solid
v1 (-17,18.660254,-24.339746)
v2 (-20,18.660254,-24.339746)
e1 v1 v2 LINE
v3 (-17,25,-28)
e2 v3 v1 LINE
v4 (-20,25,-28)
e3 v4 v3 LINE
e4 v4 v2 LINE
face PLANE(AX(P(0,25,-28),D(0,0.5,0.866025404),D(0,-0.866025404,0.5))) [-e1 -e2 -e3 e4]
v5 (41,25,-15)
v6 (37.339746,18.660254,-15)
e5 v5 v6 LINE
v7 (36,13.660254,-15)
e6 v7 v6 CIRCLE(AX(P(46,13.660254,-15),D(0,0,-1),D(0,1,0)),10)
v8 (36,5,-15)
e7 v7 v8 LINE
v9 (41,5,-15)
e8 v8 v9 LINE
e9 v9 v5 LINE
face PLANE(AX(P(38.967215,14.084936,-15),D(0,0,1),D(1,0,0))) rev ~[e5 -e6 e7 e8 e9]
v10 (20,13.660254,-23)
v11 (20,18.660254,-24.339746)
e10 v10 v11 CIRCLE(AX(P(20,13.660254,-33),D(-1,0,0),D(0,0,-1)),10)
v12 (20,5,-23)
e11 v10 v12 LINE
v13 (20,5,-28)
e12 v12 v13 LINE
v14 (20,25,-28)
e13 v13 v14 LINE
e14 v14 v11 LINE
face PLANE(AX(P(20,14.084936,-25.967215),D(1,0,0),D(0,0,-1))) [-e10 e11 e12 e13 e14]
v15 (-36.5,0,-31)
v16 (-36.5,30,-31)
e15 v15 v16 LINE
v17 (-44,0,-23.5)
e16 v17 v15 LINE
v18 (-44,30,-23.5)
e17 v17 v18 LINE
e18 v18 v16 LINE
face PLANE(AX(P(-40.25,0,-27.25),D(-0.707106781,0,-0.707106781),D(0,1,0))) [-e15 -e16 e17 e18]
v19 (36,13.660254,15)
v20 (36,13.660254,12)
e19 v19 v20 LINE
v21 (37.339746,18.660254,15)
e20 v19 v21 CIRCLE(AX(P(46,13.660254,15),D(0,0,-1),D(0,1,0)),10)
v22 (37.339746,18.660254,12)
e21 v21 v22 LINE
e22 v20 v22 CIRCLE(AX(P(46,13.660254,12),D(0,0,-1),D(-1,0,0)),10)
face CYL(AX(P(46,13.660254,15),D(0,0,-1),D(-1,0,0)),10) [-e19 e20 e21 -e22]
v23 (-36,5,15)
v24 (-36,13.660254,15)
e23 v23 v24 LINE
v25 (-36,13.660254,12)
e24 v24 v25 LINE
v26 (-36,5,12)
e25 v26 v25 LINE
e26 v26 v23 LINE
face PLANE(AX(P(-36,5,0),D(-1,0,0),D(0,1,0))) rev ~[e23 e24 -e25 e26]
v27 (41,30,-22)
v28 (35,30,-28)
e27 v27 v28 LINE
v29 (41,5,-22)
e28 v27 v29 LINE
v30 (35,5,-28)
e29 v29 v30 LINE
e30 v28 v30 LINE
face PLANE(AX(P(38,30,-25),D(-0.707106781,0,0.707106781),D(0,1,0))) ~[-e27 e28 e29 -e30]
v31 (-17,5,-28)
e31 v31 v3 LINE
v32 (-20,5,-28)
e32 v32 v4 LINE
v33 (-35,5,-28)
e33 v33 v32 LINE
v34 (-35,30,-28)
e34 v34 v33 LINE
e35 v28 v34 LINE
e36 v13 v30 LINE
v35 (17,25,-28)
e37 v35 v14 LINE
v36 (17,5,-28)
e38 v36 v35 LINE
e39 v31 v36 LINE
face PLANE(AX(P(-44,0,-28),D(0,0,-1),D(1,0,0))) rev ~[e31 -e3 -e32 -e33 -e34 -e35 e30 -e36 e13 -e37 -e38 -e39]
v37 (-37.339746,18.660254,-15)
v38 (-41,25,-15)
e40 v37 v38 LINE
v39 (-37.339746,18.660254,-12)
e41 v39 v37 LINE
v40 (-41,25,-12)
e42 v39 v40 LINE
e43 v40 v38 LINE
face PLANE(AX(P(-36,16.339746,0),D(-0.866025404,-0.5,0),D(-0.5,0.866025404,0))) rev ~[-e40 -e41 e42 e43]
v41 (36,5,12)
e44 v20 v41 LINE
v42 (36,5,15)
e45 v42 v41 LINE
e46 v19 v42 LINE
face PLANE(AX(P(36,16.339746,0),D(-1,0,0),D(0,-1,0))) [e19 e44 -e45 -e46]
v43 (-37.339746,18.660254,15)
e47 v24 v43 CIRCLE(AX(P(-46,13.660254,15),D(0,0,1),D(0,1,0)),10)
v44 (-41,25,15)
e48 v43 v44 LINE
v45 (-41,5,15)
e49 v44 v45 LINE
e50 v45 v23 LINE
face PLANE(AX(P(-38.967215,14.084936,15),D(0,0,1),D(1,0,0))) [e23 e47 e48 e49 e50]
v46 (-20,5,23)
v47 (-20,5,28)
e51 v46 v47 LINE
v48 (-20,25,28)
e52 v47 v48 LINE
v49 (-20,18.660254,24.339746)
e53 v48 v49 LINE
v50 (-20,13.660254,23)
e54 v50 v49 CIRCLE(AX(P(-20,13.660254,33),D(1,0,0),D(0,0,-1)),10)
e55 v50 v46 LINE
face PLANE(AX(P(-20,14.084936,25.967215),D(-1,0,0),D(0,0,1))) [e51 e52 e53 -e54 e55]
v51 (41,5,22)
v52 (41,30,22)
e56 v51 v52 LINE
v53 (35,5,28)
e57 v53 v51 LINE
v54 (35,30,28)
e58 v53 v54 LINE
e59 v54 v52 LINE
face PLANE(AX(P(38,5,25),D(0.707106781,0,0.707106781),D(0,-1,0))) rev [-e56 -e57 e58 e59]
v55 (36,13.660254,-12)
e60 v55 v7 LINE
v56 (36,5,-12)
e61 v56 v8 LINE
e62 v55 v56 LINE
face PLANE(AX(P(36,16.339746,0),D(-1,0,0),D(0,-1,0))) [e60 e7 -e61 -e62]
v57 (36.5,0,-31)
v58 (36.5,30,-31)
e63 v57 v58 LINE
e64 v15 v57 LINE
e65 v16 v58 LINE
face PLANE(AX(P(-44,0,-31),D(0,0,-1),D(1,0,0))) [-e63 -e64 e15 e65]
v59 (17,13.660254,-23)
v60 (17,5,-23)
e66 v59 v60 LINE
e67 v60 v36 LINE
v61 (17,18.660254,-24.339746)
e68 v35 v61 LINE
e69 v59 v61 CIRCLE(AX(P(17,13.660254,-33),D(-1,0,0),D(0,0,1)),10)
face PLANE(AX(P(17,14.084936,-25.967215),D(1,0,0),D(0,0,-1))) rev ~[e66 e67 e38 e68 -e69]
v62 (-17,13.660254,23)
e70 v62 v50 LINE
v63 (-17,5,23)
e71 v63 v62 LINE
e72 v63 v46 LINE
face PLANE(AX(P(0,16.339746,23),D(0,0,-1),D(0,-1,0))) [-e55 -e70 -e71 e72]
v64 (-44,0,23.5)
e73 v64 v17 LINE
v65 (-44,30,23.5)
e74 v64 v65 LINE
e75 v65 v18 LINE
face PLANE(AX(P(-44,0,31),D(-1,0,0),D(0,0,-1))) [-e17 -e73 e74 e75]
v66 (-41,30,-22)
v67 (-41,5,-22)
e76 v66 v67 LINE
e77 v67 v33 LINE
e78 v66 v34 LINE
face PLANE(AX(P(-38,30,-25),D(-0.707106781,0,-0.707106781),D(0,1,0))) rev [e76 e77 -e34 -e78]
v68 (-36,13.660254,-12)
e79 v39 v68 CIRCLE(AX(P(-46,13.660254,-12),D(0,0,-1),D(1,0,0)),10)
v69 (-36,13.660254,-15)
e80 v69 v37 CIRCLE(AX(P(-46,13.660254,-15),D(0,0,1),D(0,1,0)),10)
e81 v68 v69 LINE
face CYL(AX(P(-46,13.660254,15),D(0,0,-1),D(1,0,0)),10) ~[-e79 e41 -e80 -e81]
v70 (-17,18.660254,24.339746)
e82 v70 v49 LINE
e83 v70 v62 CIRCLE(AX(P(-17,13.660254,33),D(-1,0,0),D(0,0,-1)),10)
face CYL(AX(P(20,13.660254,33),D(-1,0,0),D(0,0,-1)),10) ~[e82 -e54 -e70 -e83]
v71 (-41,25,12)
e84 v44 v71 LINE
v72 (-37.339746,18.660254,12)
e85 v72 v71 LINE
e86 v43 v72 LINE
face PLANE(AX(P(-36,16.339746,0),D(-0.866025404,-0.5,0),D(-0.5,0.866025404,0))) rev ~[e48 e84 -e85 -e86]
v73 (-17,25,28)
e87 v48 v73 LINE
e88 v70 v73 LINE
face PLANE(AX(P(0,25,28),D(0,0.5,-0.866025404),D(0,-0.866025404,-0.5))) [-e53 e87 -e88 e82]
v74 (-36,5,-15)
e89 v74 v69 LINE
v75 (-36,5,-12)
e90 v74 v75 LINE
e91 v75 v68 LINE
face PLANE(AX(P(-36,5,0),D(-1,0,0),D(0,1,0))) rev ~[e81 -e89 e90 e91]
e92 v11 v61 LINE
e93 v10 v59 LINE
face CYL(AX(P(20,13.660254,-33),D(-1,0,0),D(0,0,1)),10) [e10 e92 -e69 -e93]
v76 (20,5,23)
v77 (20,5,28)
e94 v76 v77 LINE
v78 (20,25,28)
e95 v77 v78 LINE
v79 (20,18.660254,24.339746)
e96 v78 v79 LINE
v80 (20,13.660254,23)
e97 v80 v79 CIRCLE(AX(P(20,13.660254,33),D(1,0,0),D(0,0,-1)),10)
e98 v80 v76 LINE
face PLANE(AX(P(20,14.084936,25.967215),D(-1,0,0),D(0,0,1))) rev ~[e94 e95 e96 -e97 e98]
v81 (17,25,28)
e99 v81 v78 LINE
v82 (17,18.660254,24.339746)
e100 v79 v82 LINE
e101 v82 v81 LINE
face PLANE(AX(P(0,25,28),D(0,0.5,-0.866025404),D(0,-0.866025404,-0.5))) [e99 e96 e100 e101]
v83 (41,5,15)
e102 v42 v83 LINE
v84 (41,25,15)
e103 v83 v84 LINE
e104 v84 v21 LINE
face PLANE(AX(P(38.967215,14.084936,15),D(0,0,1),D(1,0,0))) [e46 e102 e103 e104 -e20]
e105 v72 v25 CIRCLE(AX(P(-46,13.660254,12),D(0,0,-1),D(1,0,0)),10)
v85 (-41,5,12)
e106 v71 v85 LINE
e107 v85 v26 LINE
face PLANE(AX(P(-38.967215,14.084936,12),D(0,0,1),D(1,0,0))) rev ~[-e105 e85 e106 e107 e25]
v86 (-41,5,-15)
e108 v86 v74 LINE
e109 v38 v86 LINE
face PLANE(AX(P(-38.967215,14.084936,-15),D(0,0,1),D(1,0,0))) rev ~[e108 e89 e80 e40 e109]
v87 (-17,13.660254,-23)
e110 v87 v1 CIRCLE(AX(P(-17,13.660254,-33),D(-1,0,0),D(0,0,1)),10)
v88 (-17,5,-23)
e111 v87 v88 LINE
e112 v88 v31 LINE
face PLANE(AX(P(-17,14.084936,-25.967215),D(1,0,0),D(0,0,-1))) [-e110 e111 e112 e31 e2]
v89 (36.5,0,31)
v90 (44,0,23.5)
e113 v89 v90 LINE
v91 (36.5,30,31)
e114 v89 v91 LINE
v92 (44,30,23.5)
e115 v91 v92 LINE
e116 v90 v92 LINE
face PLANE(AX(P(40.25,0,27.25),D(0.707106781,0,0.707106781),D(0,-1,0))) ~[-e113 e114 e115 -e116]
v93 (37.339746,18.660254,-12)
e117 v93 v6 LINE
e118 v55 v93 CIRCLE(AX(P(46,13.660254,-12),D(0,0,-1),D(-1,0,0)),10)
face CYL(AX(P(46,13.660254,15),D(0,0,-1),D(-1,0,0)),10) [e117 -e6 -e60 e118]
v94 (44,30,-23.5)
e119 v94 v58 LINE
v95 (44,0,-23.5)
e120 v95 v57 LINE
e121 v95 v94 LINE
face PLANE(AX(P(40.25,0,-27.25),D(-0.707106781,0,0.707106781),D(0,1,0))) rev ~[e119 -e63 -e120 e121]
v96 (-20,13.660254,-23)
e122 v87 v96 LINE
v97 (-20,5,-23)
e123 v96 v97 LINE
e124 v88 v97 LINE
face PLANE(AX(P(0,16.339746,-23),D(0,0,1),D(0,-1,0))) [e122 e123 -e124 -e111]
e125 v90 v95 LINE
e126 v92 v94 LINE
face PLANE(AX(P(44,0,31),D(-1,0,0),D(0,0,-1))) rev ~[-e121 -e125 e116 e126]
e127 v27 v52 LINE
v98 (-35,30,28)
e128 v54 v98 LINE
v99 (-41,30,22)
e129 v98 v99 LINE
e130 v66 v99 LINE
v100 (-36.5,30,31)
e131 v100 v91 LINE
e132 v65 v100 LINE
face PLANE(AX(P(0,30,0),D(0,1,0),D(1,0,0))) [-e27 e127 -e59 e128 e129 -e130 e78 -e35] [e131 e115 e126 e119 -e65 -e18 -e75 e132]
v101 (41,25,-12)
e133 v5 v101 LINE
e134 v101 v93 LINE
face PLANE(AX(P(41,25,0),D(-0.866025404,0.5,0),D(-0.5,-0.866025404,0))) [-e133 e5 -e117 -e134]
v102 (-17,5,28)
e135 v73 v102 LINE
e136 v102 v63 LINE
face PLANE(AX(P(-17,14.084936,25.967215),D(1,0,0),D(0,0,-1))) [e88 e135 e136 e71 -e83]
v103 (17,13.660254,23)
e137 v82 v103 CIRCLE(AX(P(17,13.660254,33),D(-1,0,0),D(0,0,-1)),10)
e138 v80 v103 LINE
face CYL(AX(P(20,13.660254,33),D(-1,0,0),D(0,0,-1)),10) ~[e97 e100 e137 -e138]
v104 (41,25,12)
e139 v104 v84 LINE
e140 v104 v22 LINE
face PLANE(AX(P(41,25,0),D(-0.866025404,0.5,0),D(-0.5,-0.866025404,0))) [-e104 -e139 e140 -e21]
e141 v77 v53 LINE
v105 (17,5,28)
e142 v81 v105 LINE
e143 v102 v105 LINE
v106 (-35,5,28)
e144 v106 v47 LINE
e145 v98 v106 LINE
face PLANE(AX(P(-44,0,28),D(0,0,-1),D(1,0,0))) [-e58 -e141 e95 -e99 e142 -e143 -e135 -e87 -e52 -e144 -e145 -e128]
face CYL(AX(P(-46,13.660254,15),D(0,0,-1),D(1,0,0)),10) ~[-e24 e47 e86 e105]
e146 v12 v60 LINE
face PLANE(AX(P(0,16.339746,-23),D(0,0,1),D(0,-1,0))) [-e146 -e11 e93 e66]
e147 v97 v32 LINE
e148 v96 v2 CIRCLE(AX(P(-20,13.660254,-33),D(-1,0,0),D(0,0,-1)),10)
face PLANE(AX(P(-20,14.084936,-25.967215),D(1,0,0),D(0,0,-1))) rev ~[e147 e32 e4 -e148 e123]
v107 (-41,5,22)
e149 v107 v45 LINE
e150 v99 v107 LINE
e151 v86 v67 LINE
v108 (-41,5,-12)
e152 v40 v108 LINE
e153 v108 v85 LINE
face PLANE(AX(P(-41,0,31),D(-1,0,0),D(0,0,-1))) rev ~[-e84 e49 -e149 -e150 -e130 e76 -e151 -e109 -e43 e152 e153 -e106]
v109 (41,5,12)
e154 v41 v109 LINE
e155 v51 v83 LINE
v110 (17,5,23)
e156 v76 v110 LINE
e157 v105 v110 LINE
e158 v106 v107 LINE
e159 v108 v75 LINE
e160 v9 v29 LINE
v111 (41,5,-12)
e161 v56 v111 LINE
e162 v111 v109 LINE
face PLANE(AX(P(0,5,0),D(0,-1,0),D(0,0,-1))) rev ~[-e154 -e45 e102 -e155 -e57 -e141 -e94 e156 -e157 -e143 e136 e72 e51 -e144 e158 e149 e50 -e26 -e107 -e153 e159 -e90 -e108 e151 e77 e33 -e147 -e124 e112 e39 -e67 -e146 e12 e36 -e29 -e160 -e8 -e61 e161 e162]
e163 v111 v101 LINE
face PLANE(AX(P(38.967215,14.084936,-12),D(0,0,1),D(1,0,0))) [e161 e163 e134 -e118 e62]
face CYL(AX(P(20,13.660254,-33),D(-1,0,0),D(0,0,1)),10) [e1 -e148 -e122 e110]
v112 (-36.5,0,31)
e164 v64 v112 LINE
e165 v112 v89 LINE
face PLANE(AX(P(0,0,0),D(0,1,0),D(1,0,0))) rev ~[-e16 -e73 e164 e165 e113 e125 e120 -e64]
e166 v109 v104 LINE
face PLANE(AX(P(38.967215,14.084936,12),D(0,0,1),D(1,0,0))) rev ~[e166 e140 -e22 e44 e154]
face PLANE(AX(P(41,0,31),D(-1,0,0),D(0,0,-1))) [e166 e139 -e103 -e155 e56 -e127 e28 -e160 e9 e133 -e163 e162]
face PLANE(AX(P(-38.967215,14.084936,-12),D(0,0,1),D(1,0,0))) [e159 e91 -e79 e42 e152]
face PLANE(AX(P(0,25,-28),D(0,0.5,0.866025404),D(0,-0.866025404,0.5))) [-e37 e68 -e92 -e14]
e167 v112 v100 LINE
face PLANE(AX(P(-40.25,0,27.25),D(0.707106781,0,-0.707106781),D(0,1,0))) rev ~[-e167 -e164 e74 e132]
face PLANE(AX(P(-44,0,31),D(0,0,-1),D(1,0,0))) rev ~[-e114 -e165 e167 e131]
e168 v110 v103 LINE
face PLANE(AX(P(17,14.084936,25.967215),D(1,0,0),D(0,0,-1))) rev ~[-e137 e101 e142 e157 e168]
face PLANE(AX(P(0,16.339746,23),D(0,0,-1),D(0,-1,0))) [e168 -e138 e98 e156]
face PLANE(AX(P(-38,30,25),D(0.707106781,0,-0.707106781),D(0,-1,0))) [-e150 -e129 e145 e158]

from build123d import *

# Parameters (mm, degrees)
SKETCH_3_W                 = 88
SKETCH_3_H                 = 62
EXTRUDE_2_DEPTH            = 30
SHELL_1_T                  = -3
SHELL_1_THICKNESS_2_FACE_W = 56
SHELL_1_THICKNESS_2_FACE_H = 82
SHELL_1_THICKNESS_2_DEPTH  = 2
EXTRUDE_3_DEPTH            = 15
FILLET_1_R                 = 10
CUT_EXTRUDE_1_DEPTH        = 12
EXTRUDE_4_DEPTH            = 20
FILLET_2_R                 = 10
CUT_EXTRUDE_2_DEPTH        = 17
CHAMFER_1_SIZE             = 6
CHAMFER_2_SIZE             = 7.5


with BuildPart() as part:
    # 草图3 → 凸台-拉伸2 (new body)
    with BuildSketch(Plane(origin=(0, 0, 0), x_dir=(1, 0, 0), z_dir=(0, 1, 0))):
        Rectangle(SKETCH_3_W, SKETCH_3_H)
    extrude(amount=EXTRUDE_2_DEPTH)

    # 抽壳1
    shell_1_openings = [part.faces().sort_by_distance(p)[0] for p in [
        (0, 30, 0),
    ]]
    offset(amount=SHELL_1_T, openings=shell_1_openings, kind=Kind.INTERSECTION)

    # 抽壳1 thickness 2 face (on inner face of the shell) → 抽壳1 thickness 2 (add)
    with BuildSketch(Plane(origin=(0, 3, 0), x_dir=(0, 0, -1), z_dir=(0, -1, 0))):
        Rectangle(SHELL_1_THICKNESS_2_FACE_W, SHELL_1_THICKNESS_2_FACE_H)
    extrude(amount=-SHELL_1_THICKNESS_2_DEPTH)

    # 草图5 → 凸台-拉伸3 (add, symmetric)
    with BuildSketch(Plane.XY):
        Polygon((-41, 25), (-41, 5), (-36, 5), (-36, 16.339745962), align=None)
        Polygon((36, 5), (41, 5), (41, 25), (36, 16.339745962), align=None)
    extrude(amount=EXTRUDE_3_DEPTH, both=True)

    # 圆角1
    fillet_1_edges = [part.edges().sort_by_distance(p)[0] for p in [
        (-36, 16.339745962, 0),
        (36, 16.339745962, 0),
    ]]
    fillet(fillet_1_edges, radius=FILLET_1_R)

    # 草图6 → 切除-拉伸1 (cut, symmetric)
    with BuildSketch(Plane.XY):
        Polygon((36, 5), (41, 5), (41, 25), (36, 16.339745962), align=None)
        Polygon((-41, 25), (-41, 5), (-36, 5), (-36, 16.339745962), align=None)
    extrude(amount=CUT_EXTRUDE_1_DEPTH, both=True, mode=Mode.SUBTRACT)

    # 草图7 → 凸台-拉伸4 (add, symmetric)
    with BuildSketch(Plane(origin=(0, 0, 0), x_dir=(0, 0, -1), z_dir=(1, 0, 0))):
        Polygon((-28, 25), (-23, 16.339745962), (-23, 5), (-28, 5), align=None)
        Polygon((23, 5), (28, 5), (28, 25), (23, 16.339745962), align=None)
    extrude(amount=EXTRUDE_4_DEPTH, both=True)

    # 圆角2
    fillet_2_edges = [part.edges().sort_by_distance(p)[0] for p in [
        (0, 16.339745962, 23),
        (0, 16.339745962, -23),
    ]]
    fillet(fillet_2_edges, radius=FILLET_2_R)

    # 草图8 → 切除-拉伸2 (cut, symmetric)
    with BuildSketch(Plane(origin=(0, 0, 0), x_dir=(0, 0, -1), z_dir=(1, 0, 0))):
        Polygon((23, 5), (28, 5), (28, 25), (23, 16.339745962), align=None)
        Polygon((-23, 16.339745962), (-28, 25), (-28, 5), (-23, 5), align=None)
    extrude(amount=CUT_EXTRUDE_2_DEPTH, both=True, mode=Mode.SUBTRACT)

    # 倒角1
    chamfer_1_edges = [part.edges().sort_by_distance(p)[0] for p in [
        (-41, 17.5, -28),
        (-41, 17.5, 28),
        (41, 17.5, 28),
        (41, 17.5, -28),
    ]]
    chamfer(chamfer_1_edges, length=CHAMFER_1_SIZE)

    # 倒角2
    chamfer_2_edges = [part.edges().sort_by_distance(p)[0] for p in [
        (-44, 15, -31),
        (44, 15, -31),
        (44, 15, 31),
        (-44, 15, 31),
    ]]
    chamfer(chamfer_2_edges, length=CHAMFER_2_SIZE)


solid = part.part
